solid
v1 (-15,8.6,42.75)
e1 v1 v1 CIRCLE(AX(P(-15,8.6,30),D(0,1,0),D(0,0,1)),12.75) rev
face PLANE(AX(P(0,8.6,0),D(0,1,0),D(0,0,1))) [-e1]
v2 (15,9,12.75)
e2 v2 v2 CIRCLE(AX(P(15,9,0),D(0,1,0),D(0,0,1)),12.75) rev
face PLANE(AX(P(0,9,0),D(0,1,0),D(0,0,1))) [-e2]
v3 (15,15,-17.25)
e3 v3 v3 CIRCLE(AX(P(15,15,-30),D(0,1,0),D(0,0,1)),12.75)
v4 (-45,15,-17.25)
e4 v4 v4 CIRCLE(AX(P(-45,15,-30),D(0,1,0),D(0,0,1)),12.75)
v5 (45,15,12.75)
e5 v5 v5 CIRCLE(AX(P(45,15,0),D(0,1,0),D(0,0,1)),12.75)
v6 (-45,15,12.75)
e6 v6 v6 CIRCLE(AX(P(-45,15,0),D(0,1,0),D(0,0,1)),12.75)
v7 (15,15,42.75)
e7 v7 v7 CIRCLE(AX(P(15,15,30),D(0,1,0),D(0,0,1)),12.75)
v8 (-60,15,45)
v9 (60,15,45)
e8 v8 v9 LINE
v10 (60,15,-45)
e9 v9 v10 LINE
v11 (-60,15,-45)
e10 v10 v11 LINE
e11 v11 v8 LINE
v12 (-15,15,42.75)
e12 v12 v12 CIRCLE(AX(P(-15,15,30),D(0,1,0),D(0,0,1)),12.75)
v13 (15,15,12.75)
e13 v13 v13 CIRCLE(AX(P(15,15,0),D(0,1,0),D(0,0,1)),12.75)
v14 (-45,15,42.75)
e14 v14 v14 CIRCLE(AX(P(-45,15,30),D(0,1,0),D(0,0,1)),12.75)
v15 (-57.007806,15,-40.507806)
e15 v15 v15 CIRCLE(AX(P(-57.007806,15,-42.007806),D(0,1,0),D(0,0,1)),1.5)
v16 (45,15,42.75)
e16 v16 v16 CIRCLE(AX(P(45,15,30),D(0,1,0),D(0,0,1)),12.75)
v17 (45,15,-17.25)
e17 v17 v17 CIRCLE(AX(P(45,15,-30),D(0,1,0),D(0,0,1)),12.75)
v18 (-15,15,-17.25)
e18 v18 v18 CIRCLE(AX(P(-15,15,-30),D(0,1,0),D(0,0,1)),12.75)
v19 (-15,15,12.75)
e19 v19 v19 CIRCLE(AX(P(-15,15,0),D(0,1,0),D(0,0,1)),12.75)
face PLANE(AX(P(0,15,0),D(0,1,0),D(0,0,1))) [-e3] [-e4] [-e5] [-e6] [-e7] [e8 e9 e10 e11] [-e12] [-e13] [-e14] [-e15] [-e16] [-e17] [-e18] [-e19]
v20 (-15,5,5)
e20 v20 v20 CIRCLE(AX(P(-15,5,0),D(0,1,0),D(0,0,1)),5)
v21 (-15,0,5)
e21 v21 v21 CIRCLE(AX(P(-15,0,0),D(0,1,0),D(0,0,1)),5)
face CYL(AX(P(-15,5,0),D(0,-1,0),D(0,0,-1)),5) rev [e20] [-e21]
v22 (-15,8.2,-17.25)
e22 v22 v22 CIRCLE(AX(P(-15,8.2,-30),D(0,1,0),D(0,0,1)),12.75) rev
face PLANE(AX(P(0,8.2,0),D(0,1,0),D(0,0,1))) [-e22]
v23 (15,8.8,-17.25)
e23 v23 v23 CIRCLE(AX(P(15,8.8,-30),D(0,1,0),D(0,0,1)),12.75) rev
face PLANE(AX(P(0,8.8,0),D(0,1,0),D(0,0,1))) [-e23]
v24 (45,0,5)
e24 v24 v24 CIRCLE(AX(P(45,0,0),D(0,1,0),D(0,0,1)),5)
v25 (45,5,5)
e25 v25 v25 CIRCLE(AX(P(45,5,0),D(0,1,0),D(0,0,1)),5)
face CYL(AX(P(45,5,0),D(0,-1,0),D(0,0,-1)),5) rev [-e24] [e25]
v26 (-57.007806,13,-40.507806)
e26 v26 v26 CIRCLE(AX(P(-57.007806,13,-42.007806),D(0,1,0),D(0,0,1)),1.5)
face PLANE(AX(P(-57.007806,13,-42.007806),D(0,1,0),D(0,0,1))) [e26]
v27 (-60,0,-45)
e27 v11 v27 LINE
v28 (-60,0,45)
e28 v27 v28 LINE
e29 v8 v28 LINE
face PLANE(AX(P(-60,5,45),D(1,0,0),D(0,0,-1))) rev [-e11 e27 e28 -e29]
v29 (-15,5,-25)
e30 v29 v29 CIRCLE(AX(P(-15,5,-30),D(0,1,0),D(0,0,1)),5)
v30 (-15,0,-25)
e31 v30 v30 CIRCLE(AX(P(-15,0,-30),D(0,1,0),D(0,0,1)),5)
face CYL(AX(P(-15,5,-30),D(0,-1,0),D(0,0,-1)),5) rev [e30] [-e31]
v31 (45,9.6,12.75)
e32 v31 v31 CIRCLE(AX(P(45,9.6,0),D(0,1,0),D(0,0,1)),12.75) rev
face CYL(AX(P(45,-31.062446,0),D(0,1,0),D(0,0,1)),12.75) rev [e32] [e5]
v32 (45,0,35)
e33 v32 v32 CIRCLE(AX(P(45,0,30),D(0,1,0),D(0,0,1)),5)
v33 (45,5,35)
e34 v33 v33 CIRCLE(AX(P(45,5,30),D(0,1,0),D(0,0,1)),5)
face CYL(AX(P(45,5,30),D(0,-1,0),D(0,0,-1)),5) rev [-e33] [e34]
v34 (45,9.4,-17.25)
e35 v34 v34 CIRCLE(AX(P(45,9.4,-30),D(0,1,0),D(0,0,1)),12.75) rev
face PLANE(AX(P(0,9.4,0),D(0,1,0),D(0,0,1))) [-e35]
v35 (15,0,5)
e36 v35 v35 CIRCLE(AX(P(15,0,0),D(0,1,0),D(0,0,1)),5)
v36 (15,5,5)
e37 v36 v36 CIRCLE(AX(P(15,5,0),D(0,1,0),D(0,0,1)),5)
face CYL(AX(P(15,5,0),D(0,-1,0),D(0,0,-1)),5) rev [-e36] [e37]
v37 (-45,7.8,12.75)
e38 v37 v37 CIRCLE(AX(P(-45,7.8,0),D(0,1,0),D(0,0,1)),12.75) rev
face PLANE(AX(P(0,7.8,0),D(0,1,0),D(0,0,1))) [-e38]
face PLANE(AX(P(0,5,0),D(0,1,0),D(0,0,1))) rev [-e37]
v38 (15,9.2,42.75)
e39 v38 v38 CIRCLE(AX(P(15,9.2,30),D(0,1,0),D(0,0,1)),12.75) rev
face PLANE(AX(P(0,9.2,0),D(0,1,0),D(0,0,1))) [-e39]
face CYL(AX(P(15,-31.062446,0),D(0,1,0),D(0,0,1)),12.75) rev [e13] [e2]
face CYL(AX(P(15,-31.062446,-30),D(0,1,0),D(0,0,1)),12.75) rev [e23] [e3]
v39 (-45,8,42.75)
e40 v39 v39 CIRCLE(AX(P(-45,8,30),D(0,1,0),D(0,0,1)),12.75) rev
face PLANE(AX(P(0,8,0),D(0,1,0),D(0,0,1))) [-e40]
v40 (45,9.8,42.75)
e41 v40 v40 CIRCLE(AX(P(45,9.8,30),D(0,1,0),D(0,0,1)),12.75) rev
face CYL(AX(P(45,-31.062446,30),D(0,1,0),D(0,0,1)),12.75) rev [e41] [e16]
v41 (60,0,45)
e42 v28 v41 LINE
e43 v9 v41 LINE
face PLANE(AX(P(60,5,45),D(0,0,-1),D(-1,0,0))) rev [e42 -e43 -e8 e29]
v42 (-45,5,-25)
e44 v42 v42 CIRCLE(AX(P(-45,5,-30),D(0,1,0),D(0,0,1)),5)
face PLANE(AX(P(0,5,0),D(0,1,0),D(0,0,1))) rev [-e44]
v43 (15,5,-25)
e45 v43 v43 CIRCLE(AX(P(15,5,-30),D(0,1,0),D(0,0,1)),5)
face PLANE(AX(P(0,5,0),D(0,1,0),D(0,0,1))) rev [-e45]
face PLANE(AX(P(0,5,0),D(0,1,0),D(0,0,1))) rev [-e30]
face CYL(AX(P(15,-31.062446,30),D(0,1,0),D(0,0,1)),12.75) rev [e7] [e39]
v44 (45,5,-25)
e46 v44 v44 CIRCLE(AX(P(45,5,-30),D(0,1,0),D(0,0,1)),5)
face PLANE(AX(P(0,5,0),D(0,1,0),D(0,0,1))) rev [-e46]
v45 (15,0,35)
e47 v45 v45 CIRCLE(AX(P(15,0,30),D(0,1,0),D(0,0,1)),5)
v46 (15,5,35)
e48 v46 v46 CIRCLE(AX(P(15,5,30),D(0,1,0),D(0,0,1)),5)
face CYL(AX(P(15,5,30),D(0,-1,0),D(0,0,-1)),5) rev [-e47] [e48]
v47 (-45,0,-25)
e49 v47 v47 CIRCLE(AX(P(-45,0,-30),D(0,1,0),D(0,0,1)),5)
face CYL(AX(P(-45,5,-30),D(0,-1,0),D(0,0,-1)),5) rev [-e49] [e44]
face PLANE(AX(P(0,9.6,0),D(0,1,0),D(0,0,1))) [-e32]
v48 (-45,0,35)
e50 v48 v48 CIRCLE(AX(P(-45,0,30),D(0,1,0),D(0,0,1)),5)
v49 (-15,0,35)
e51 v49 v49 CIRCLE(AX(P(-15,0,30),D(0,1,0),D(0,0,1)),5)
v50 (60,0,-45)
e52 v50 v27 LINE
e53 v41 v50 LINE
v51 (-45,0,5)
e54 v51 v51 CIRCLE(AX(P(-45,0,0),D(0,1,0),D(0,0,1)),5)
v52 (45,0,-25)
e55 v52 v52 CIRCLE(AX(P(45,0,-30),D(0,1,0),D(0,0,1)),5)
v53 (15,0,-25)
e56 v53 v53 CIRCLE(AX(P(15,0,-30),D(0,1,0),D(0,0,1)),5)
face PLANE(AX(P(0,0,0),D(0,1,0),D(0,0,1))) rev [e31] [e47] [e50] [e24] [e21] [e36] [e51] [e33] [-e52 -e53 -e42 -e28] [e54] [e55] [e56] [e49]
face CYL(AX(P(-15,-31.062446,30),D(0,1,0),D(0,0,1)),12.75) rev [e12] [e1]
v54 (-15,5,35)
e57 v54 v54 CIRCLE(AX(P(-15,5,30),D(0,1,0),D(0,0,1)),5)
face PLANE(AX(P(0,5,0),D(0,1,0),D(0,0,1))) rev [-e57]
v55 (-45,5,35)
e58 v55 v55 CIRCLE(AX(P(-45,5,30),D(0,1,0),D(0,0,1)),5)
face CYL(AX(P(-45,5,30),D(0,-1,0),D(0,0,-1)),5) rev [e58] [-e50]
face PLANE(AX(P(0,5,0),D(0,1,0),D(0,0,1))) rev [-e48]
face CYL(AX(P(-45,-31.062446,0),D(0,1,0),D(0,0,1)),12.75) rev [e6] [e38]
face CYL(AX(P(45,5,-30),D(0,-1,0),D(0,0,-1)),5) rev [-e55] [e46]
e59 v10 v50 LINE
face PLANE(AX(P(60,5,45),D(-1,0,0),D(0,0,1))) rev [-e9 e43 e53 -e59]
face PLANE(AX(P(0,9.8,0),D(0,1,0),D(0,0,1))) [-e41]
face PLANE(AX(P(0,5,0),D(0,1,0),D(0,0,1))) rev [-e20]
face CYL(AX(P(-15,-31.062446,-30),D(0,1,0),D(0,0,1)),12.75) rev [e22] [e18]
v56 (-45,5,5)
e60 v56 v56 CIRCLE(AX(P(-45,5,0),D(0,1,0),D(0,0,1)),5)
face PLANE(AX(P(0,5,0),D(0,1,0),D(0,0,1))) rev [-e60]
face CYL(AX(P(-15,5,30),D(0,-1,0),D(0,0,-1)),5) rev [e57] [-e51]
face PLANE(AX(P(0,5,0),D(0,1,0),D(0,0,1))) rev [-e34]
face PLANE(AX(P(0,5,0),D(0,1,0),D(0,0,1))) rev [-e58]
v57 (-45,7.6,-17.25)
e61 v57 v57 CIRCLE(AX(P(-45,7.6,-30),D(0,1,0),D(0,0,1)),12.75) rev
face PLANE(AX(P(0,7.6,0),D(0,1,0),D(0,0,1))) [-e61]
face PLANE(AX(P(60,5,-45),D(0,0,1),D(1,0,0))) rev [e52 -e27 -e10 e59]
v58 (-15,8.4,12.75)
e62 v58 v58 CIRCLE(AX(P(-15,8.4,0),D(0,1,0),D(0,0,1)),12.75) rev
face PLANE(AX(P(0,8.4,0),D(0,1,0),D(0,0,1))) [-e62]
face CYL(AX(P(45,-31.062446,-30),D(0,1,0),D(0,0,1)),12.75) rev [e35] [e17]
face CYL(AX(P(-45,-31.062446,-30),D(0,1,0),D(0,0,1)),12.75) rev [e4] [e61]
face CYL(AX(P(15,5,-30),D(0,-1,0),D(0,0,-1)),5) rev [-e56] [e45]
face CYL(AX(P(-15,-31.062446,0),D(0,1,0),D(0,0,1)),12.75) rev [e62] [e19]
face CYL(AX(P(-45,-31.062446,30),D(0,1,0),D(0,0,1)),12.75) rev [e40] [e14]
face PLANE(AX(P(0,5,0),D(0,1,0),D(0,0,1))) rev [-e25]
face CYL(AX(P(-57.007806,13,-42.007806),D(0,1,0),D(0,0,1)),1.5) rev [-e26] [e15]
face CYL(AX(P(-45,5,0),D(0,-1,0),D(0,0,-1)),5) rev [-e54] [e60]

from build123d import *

# Parameters (mm, degrees)
SKETCH1_W           = 120
SKETCH1_H           = 90
SKETCH1_R           = 5
BOSS_EXTRUDE1_DEPTH = 5
SKETCH3_W           = 120
SKETCH3_H           = 90
BOSS_EXTRUDE6_DEPTH = 10
SKETCH2_R           = 12.75
CUT_EXTRUDE1_DEPTH  = 7.4
SKETCH2_8_R         = 12.75
CUT_EXTRUDE2_DEPTH  = 7.2
SKETCH2_9_R         = 12.75
CUT_EXTRUDE3_DEPTH  = 7
SKETCH2_10_R        = 12.75
CUT_EXTRUDE4_DEPTH  = 6.8
SKETCH2_11_R        = 12.75
CUT_EXTRUDE5_DEPTH  = 6.6
SKETCH2_12_R        = 12.75
CUT_EXTRUDE6_DEPTH  = 6.4
SKETCH2_13_R        = 12.75
CUT_EXTRUDE7_DEPTH  = 6.2
SKETCH2_14_R        = 12.75
CUT_EXTRUDE8_DEPTH  = 6
SKETCH2_15_R        = 12.75
CUT_EXTRUDE9_DEPTH  = 5.8
SKETCH2_16_R        = 12.75
CUT_EXTRUDE10_DEPTH = 5.6
SKETCH2_17_R        = 12.75
CUT_EXTRUDE11_DEPTH = 5.4
SKETCH2_18_R        = 12.75
CUT_EXTRUDE12_DEPTH = 5.2
SKETCH4_R           = 1.5
CUT_EXTRUDE13_DEPTH = 2


with BuildPart() as part:
    # Sketch1 → Boss-Extrude1 (new body)
    with BuildSketch(Plane(origin=(0, 0, 0), x_dir=(1, 0, 0), z_dir=(0, 1, 0))):
        Rectangle(SKETCH1_W, SKETCH1_H)
        with Locations(Location((-45, 30, 0), (0, 0, 270))):
            Circle(SKETCH1_R, mode=Mode.SUBTRACT)
        with Locations(Location((-15, 30, 0), (0, 0, 270))):
            Circle(SKETCH1_R, mode=Mode.SUBTRACT)
        with Locations(Location((15, 30, 0), (0, 0, 270))):
            Circle(SKETCH1_R, mode=Mode.SUBTRACT)
        with Locations(Location((45, 30, 0), (0, 0, 270))):
            Circle(SKETCH1_R, mode=Mode.SUBTRACT)
        with Locations(Location((-45, 0, 0), (0, 0, 270))):
            Circle(SKETCH1_R, mode=Mode.SUBTRACT)
        with Locations(Location((-15, 0, 0), (0, 0, 270))):
            Circle(SKETCH1_R, mode=Mode.SUBTRACT)
        with Locations(Location((15, 0, 0), (0, 0, 270))):
            Circle(SKETCH1_R, mode=Mode.SUBTRACT)
        with Locations(Location((45, 0, 0), (0, 0, 270))):
            Circle(SKETCH1_R, mode=Mode.SUBTRACT)
        with Locations(Location((-45, -30, 0), (0, 0, 270))):
            Circle(SKETCH1_R, mode=Mode.SUBTRACT)
        with Locations(Location((-15, -30, 0), (0, 0, 270))):
            Circle(SKETCH1_R, mode=Mode.SUBTRACT)
        with Locations(Location((15, -30, 0), (0, 0, 270))):
            Circle(SKETCH1_R, mode=Mode.SUBTRACT)
        with Locations(Location((45, -30, 0), (0, 0, 270))):
            Circle(SKETCH1_R, mode=Mode.SUBTRACT)
    extrude(amount=BOSS_EXTRUDE1_DEPTH)

    # Sketch3 → Boss-Extrude6 (add)
    with BuildSketch(Plane(origin=(0, 5, 0), x_dir=(1, 0, 0), z_dir=(0, 1, 0))):
        Rectangle(SKETCH3_W, SKETCH3_H)
    extrude(amount=BOSS_EXTRUDE6_DEPTH)

    # Sketch2 → Cut-Extrude1 (cut)
    with BuildSketch(Plane(origin=(0, 15, 0), x_dir=(1, 0, 0), z_dir=(0, 1, 0))):
        with Locations(Location((-45, 30, 0), (0, 0, 270))):
            Circle(SKETCH2_R)
    extrude(amount=-CUT_EXTRUDE1_DEPTH, mode=Mode.SUBTRACT)

    # Sketch2<8> → Cut-Extrude2 (cut)
    with BuildSketch(Plane(origin=(0, 15, 0), x_dir=(1, 0, 0), z_dir=(0, 1, 0))):
        with Locations(Location((-45, 0, 0), (0, 0, 270))):
            Circle(SKETCH2_8_R)
    extrude(amount=-CUT_EXTRUDE2_DEPTH, mode=Mode.SUBTRACT)

    # Sketch2<9> → Cut-Extrude3 (cut)
    with BuildSketch(Plane(origin=(0, 15, 0), x_dir=(1, 0, 0), z_dir=(0, 1, 0))):
        with Locations(Location((-45, -30, 0), (0, 0, 270))):
            Circle(SKETCH2_9_R)
    extrude(amount=-CUT_EXTRUDE3_DEPTH, mode=Mode.SUBTRACT)

    # Sketch2<10> → Cut-Extrude4 (cut)
    with BuildSketch(Plane(origin=(0, 15, 0), x_dir=(1, 0, 0), z_dir=(0, 1, 0))):
        with Locations(Location((-15, 30, 0), (0, 0, 270))):
            Circle(SKETCH2_10_R)
    extrude(amount=-CUT_EXTRUDE4_DEPTH, mode=Mode.SUBTRACT)

    # Sketch2<11> → Cut-Extrude5 (cut)
    with BuildSketch(Plane(origin=(0, 15, 0), x_dir=(1, 0, 0), z_dir=(0, 1, 0))):
        with Locations(Location((-15, 0, 0), (0, 0, 270))):
            Circle(SKETCH2_11_R)
    extrude(amount=-CUT_EXTRUDE5_DEPTH, mode=Mode.SUBTRACT)

    # Sketch2<12> → Cut-Extrude6 (cut)
    with BuildSketch(Plane(origin=(0, 15, 0), x_dir=(1, 0, 0), z_dir=(0, 1, 0))):
        with Locations(Location((-15, -30, 0), (0, 0, 270))):
            Circle(SKETCH2_12_R)
    extrude(amount=-CUT_EXTRUDE6_DEPTH, mode=Mode.SUBTRACT)

    # Sketch2<13> → Cut-Extrude7 (cut)
    with BuildSketch(Plane(origin=(0, 15, 0), x_dir=(1, 0, 0), z_dir=(0, 1, 0))):
        with Locations(Location((15, 30, 0), (0, 0, 270))):
            Circle(SKETCH2_13_R)
    extrude(amount=-CUT_EXTRUDE7_DEPTH, mode=Mode.SUBTRACT)

    # Sketch2<14> → Cut-Extrude8 (cut)
    with BuildSketch(Plane(origin=(0, 15, 0), x_dir=(1, 0, 0), z_dir=(0, 1, 0))):
        with Locations(Location((15, 0, 0), (0, 0, 270))):
            Circle(SKETCH2_14_R)
    extrude(amount=-CUT_EXTRUDE8_DEPTH, mode=Mode.SUBTRACT)

    # Sketch2<15> → Cut-Extrude9 (cut)
    with BuildSketch(Plane(origin=(0, 15, 0), x_dir=(1, 0, 0), z_dir=(0, 1, 0))):
        with Locations(Location((15, -30, 0), (0, 0, 270))):
            Circle(SKETCH2_15_R)
    extrude(amount=-CUT_EXTRUDE9_DEPTH, mode=Mode.SUBTRACT)

    # Sketch2<16> → Cut-Extrude10 (cut)
    with BuildSketch(Plane(origin=(0, 15, 0), x_dir=(1, 0, 0), z_dir=(0, 1, 0))):
        with Locations(Location((45, 30, 0), (0, 0, 270))):
            Circle(SKETCH2_16_R)
    extrude(amount=-CUT_EXTRUDE10_DEPTH, mode=Mode.SUBTRACT)

    # Sketch2<17> → Cut-Extrude11 (cut)
    with BuildSketch(Plane(origin=(0, 15, 0), x_dir=(1, 0, 0), z_dir=(0, 1, 0))):
        with Locations(Location((45, 0, 0), (0, 0, 270))):
            Circle(SKETCH2_17_R)
    extrude(amount=-CUT_EXTRUDE11_DEPTH, mode=Mode.SUBTRACT)

    # Sketch2<18> → Cut-Extrude12 (cut)
    with BuildSketch(Plane(origin=(0, 15, 0), x_dir=(1, 0, 0), z_dir=(0, 1, 0))):
        with Locations(Location((45, -30, 0), (0, 0, 270))):
            Circle(SKETCH2_18_R)
    extrude(amount=-CUT_EXTRUDE12_DEPTH, mode=Mode.SUBTRACT)

    # Sketch4 → Cut-Extrude13 (cut)
    with BuildSketch(Plane(origin=(0, 15, 0), x_dir=(1, 0, 0), z_dir=(0, 1, 0))):
        with Locations(Location((-57.00780573, 42.00780573, 0), (0, 0, 270))):
            Circle(SKETCH4_R)
    extrude(amount=-CUT_EXTRUDE13_DEPTH, mode=Mode.SUBTRACT)


solid = part.part
